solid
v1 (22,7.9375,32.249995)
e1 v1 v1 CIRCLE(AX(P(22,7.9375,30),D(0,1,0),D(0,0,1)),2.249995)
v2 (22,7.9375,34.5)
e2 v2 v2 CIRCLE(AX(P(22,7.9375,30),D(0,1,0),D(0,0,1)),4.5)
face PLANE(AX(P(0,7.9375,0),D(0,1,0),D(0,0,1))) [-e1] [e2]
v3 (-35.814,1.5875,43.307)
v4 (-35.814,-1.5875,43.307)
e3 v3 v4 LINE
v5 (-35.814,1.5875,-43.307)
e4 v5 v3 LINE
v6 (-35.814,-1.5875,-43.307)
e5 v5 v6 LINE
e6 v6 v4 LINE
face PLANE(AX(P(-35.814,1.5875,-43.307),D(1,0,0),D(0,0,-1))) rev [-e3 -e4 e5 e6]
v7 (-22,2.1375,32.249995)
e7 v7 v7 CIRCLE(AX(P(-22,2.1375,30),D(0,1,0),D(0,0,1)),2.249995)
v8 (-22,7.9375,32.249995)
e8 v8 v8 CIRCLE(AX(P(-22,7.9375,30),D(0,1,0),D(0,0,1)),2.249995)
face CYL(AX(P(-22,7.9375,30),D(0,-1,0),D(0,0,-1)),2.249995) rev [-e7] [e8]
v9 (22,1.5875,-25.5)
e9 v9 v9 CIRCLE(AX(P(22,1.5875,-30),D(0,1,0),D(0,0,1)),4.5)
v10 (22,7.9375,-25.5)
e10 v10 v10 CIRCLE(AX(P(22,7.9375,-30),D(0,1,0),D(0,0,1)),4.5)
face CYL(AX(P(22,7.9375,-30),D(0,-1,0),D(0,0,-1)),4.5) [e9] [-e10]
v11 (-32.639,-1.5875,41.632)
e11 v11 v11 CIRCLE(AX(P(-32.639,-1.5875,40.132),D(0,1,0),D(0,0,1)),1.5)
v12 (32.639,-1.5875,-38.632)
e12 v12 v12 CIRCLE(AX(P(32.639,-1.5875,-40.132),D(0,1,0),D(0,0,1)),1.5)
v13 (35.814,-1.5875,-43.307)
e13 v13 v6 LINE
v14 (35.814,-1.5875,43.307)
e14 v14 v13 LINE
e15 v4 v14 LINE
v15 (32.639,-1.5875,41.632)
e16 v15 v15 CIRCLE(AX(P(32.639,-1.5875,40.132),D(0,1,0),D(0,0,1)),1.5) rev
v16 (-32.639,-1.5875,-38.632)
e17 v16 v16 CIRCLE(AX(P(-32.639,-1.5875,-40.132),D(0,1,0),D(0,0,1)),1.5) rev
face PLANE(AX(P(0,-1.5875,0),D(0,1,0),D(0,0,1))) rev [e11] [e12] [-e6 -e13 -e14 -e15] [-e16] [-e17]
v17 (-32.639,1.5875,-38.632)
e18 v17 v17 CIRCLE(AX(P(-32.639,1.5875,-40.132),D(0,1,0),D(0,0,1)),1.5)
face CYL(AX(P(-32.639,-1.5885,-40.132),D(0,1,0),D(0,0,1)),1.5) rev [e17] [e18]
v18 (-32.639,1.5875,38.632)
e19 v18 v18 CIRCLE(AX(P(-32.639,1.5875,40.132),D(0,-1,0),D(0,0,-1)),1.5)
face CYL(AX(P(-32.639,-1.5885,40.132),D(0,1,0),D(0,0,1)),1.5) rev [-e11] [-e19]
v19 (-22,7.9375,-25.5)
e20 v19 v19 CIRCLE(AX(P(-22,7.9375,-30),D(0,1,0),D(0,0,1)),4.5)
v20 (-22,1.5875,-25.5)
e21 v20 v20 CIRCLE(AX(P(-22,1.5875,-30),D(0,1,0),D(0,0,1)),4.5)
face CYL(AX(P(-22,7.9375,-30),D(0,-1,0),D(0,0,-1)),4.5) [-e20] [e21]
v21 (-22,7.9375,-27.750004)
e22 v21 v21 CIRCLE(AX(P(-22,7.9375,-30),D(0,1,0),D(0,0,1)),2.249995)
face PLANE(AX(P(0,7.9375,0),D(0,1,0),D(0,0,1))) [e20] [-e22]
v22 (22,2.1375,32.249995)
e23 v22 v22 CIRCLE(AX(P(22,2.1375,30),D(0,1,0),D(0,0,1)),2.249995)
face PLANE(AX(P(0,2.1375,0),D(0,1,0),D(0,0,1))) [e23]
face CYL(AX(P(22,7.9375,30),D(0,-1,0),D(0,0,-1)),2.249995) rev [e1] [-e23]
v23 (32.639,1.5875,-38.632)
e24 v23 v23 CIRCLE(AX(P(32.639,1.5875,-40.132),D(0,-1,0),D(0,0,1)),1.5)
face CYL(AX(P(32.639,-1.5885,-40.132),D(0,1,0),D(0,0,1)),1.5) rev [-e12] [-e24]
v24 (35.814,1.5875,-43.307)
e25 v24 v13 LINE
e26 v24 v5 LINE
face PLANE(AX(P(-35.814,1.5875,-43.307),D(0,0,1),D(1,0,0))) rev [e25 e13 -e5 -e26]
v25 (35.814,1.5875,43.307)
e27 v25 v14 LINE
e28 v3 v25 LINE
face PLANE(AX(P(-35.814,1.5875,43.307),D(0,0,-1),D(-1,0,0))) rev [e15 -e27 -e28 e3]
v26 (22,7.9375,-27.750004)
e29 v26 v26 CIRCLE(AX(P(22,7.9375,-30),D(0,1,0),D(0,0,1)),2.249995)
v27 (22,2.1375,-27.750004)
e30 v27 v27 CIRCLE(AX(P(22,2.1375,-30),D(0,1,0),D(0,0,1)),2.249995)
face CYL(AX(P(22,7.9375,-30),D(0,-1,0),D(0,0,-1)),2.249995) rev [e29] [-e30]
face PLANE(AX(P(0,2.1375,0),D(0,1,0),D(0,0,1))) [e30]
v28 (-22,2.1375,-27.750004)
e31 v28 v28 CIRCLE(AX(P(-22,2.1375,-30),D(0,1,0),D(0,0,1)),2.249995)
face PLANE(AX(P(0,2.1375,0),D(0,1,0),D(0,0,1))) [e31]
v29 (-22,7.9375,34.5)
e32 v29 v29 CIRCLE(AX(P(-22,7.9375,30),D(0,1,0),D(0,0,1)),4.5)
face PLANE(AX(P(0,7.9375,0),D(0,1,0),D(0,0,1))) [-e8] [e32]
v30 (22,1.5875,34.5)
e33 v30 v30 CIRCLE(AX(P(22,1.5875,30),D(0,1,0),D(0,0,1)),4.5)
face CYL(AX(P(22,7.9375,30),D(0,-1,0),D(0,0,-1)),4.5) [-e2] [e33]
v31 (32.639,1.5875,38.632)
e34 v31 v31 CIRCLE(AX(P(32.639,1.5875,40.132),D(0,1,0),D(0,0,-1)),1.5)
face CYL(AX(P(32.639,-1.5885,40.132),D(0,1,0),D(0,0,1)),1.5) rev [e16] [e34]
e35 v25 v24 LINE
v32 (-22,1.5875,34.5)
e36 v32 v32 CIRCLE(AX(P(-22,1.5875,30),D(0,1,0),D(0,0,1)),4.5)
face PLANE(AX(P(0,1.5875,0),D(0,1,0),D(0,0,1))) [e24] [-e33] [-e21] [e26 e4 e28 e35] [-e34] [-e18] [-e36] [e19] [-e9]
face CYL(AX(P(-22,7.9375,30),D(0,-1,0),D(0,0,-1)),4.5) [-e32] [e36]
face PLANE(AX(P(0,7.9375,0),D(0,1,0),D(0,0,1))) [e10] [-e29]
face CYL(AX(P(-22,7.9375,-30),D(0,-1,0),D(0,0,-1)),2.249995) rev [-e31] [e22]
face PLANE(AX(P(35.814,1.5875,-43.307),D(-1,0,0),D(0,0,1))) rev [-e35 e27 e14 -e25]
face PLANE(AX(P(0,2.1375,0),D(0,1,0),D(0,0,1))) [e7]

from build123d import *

# Parameters (mm, degrees)
SKETCH2_W                                  = 71.628
SKETCH2_H                                  = 86.614
BOSS_EXTRUDE1_DEPTH                        = 1.5875
CUT_EXTRUDE1_REACH                         = 58.287
SKETCH3_R                                  = 1.5
MIRROR1_AT_THE_SECOND_PLANE_COPY_1_REACH   = 58.287
MIRROR1_AT_THE_SECOND_PLANE_COPY_1_SKETC_R = 1.5
SKETCH4_R                                  = 4.500000017
SKETCH4_R_2                                = 2.2499955
BOSS_EXTRUDE2_DEPTH                        = 6.35
SKETCH4_3_R                                = 2.2499955
BOSS_EXTRUDE3_DEPTH                        = 0.549999916


with BuildPart() as part:
    # Sketch2 → Boss-Extrude1 (new, symmetric)
    with BuildSketch(Plane(origin=(0, 0, 0), x_dir=(1, 0, 0), z_dir=(0, 1, 0))):
        Rectangle(SKETCH2_W, SKETCH2_H)
    extrude(amount=BOSS_EXTRUDE1_DEPTH, both=True)

    # Sketch3 → Cut-Extrude1 (cut, up to next)
    with BuildSketch(Plane(origin=(0, 1.5875, 0), x_dir=(1, 0, 0), z_dir=(0, 1, 0)), mode=Mode.PRIVATE) as cut_extrude1_sk1:
        with Locations((-32.639, 40.132)):
            Circle(SKETCH3_R)
    cut_extrude1_tool1 = extrude(cut_extrude1_sk1.sketch, amount=-CUT_EXTRUDE1_REACH, mode=Mode.PRIVATE) & part.part
    cut_extrude1 = cut_extrude1_tool1.solids().sort_by_distance((-32.639, 1.5875, -40.132))[0]
    add(cut_extrude1, mode=Mode.SUBTRACT)

    # Mirror1: Cut-Extrude1 across plane
    add(cut_extrude1.mirror(Plane(origin=(0, 0, 0), x_dir=(0, 0, 1), z_dir=(1, 0, 0))), mode=Mode.SUBTRACT)

    # Mirror1 at the second plane: Cut-Extrude1 across plane
    add(cut_extrude1.mirror(Plane.XY), mode=Mode.SUBTRACT)

    # Mirror1 at the second plane copy 1 sketc → Mirror1 at the second plane copy 1 (cut, up to next)
    with BuildSketch(Plane(origin=(0, 1.5875, 0), x_dir=(-1, 0, 0), z_dir=(0, 1, 0)), mode=Mode.PRIVATE) as mirror1_at_the_second_plane_copy_1_sk1:
        with Locations((-32.639, 40.132)):
            Circle(MIRROR1_AT_THE_SECOND_PLANE_COPY_1_SKETC_R)
    mirror1_at_the_second_plane_copy_1_tool1 = extrude(mirror1_at_the_second_plane_copy_1_sk1.sketch, amount=-MIRROR1_AT_THE_SECOND_PLANE_COPY_1_REACH, mode=Mode.PRIVATE) & part.part
    add(mirror1_at_the_second_plane_copy_1_tool1.solids().sort_by_distance((32.639, 1.5875, 40.132))[0], mode=Mode.SUBTRACT)

    # Sketch4 → Boss-Extrude2 (add)
    # profile 1 of 4: a face of its own
    with BuildSketch(Plane(origin=(0, 1.5875, 0), x_dir=(1, 0, 0), z_dir=(0, 1, 0))):
        with Locations((-22, 30)):
            Circle(SKETCH4_R)
        with Locations((-22, 30)):
            Circle(SKETCH4_R_2, mode=Mode.SUBTRACT)
    # profile 2 of 4: a face of its own
    with BuildSketch(Plane(origin=(0, 1.5875, 0), x_dir=(1, 0, 0), z_dir=(0, 1, 0))):
        with Locations((22, 30)):
            Circle(SKETCH4_R)
        with Locations((22, 30)):
            Circle(SKETCH4_R_2, mode=Mode.SUBTRACT)
    # profile 3 of 4: a face of its own
    with BuildSketch(Plane(origin=(0, 1.5875, 0), x_dir=(1, 0, 0), z_dir=(0, 1, 0))):
        with Locations((-22, -30)):
            Circle(SKETCH4_R)
        with Locations((-22, -30)):
            Circle(SKETCH4_R_2, mode=Mode.SUBTRACT)
    # profile 4 of 4: a face of its own
    with BuildSketch(Plane(origin=(0, 1.5875, 0), x_dir=(1, 0, 0), z_dir=(0, 1, 0))):
        with Locations((22, -30)):
            Circle(SKETCH4_R)
        with Locations((22, -30)):
            Circle(SKETCH4_R_2, mode=Mode.SUBTRACT)
    extrude(amount=BOSS_EXTRUDE2_DEPTH)

    # Sketch4<3> → Boss-Extrude3 (add)
    with BuildSketch(Plane(origin=(0, 1.5875, 0), x_dir=(1, 0, 0), z_dir=(0, 1, 0))):
        with Locations((-22, 30)):
            Circle(SKETCH4_3_R)
        with Locations((22, 30)):
            Circle(SKETCH4_3_R)
        with Locations((-22, -30)):
            Circle(SKETCH4_3_R)
        with Locations((22, -30)):
            Circle(SKETCH4_3_R)
    extrude(amount=BOSS_EXTRUDE3_DEPTH)


solid = part.part
